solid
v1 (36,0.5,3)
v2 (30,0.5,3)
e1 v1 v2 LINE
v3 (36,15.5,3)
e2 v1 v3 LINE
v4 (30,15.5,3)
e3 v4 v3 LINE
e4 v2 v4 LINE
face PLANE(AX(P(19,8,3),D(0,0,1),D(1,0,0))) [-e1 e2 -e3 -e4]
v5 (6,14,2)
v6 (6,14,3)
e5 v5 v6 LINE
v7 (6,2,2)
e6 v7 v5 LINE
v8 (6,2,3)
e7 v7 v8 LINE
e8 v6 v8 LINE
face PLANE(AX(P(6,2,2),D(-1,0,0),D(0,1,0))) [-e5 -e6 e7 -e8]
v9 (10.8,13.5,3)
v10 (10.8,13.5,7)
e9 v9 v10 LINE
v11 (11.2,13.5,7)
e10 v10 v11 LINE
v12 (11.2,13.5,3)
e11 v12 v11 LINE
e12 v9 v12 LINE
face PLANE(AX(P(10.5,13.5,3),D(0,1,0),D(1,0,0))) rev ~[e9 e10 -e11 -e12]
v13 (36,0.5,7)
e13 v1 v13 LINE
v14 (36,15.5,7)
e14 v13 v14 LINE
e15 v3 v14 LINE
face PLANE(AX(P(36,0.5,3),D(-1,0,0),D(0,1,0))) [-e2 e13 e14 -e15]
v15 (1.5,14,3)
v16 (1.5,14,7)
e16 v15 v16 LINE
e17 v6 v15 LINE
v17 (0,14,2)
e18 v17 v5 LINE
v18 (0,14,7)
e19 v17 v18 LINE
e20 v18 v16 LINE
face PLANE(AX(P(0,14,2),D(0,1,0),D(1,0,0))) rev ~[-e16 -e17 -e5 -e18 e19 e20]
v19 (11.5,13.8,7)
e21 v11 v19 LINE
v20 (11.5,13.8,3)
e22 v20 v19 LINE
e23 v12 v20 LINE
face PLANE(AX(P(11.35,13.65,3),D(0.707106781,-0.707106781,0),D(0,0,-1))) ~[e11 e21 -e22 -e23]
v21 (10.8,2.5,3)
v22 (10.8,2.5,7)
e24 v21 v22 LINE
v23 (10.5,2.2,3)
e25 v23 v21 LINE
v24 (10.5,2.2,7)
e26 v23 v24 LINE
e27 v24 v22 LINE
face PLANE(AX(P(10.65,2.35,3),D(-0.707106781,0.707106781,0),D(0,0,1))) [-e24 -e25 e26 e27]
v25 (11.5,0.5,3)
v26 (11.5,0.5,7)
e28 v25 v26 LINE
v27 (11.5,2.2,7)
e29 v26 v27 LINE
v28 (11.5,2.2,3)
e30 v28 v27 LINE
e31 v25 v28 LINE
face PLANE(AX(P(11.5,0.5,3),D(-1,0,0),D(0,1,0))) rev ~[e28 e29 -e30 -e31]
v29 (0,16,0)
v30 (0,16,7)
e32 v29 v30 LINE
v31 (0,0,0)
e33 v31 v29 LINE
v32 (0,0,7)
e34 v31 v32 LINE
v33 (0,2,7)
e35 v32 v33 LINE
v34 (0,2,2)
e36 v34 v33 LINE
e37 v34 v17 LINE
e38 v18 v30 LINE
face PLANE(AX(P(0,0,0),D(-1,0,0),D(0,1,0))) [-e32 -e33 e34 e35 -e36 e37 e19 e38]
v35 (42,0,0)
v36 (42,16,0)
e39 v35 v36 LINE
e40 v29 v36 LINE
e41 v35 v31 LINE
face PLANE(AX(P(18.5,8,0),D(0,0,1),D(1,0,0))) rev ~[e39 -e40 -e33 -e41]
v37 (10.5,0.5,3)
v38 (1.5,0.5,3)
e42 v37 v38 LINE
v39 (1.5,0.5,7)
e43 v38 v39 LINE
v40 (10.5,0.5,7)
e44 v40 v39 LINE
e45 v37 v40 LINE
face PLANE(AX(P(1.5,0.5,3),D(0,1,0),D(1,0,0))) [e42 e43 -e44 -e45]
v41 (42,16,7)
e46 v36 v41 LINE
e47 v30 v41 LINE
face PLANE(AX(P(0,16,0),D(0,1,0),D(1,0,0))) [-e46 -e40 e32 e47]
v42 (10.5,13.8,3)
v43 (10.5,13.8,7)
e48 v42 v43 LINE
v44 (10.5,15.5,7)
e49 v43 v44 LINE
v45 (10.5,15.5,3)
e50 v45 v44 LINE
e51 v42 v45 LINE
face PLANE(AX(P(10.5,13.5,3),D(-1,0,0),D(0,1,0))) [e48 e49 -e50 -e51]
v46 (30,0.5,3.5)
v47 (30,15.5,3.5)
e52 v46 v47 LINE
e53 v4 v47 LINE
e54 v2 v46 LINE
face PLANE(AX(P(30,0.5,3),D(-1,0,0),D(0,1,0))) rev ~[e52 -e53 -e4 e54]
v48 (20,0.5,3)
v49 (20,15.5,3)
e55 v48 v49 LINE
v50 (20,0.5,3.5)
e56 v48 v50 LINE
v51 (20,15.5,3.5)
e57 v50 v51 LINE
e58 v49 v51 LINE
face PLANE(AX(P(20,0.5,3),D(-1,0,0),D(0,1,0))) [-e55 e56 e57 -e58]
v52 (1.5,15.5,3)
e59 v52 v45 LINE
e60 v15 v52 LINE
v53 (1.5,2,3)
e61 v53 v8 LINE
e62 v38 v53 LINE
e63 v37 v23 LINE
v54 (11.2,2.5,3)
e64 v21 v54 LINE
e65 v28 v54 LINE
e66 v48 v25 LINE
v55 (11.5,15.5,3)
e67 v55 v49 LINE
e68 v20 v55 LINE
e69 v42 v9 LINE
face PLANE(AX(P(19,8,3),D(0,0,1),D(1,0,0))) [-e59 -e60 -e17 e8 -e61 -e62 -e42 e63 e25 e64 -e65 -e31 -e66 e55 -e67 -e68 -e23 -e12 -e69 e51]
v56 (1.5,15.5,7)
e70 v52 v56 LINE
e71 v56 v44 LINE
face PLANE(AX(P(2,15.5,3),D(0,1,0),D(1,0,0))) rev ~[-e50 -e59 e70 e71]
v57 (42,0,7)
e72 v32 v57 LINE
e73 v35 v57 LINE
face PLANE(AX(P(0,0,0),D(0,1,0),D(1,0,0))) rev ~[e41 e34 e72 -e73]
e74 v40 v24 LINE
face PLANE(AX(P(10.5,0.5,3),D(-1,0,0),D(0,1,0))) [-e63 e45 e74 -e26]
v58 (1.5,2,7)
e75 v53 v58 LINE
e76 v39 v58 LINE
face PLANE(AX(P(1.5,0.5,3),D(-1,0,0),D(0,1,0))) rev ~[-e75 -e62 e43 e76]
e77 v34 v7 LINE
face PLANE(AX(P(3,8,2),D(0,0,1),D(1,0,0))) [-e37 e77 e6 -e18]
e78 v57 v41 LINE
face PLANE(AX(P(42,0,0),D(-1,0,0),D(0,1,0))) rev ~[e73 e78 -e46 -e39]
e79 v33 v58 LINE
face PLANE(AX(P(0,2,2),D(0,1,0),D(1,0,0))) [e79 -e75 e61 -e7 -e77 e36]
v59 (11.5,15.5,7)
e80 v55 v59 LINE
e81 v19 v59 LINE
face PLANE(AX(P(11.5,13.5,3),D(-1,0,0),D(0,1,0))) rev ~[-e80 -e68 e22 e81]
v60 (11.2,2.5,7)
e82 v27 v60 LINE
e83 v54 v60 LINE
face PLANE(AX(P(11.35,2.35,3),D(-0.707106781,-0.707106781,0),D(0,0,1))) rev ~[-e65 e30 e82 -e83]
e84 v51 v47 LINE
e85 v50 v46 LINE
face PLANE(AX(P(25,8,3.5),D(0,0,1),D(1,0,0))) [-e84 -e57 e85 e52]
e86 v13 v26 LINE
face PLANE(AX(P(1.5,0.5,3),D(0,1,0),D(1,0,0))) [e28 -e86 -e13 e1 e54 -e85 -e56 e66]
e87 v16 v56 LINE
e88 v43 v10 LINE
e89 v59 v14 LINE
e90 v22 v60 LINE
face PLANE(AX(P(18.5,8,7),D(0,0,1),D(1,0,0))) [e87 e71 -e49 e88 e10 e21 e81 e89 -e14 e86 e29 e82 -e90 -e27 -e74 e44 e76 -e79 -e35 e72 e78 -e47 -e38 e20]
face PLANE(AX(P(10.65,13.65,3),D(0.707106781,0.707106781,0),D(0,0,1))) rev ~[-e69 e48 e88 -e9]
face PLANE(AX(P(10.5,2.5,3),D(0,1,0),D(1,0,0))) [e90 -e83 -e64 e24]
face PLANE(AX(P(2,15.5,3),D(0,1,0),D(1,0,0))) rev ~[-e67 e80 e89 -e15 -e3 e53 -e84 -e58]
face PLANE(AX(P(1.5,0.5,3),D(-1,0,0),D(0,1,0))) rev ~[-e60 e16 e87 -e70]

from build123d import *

# Parameters (mm, degrees)
BOX003_W        = 1
BOX003_H        = 2
BOX003_DEPTH    = 4
CHAMFER001_SIZE = 0.3
BOX004_W        = 1
BOX004_H        = 2
BOX004_DEPTH    = 4
CHAMFER_SIZE    = 0.3
BOX005_W        = 10
BOX005_H        = 15
BOX005_DEPTH    = 0.5
BOX006_W        = 0.5
BOX006_H        = 15
BOX006_DEPTH    = 4
BOX001_W        = 6
BOX001_H        = 12
BOX001_DEPTH    = 5
BOX002_W        = 34
BOX002_H        = 15
BOX002_DEPTH    = 4
BOX_W           = 37
BOX_H           = 16
BOX_DEPTH       = 7
BOX008_W        = 5
BOX008_H        = 16
BOX008_DEPTH    = 7


with BuildPart() as chamfer001:
    # Box003 → Box003 (new body)
    with BuildSketch(Plane(origin=(10.5, 0.5, 3), x_dir=(1, 0, 0), z_dir=(0, 0, 1))):
        with Locations((0.5, 1)):
            Rectangle(BOX003_W, BOX003_H)
    extrude(amount=BOX003_DEPTH)

    # Chamfer001
    chamfer001_edges = [chamfer001.edges().sort_by_distance(p)[0] for p in [
        (10.5, 2.5, 5),
        (11.5, 2.5, 5),
    ]]
    chamfer(chamfer001_edges, length=CHAMFER001_SIZE)


with BuildPart() as chamfer_body:
    # Box004 → Box004 (new body)
    with BuildSketch(Plane(origin=(10.5, 13.5, 3), x_dir=(1, 0, 0), z_dir=(0, 0, 1))):
        with Locations((0.5, 1)):
            Rectangle(BOX004_W, BOX004_H)
    extrude(amount=BOX004_DEPTH)

    # Chamfer
    chamfer_edges = [chamfer_body.edges().sort_by_distance(p)[0] for p in [
        (10.5, 13.5, 5),
        (11.5, 13.5, 5),
    ]]
    chamfer(chamfer_edges, length=CHAMFER_SIZE)


with BuildPart() as cube005:
    # Box005 → Box005 (new body)
    with BuildSketch(Plane(origin=(20, 0.5, 3), x_dir=(1, 0, 0), z_dir=(0, 0, 1))):
        with Locations((5, 7.5)):
            Rectangle(BOX005_W, BOX005_H)
    extrude(amount=BOX005_DEPTH)


with BuildPart() as cube006:
    # Box006 → Box006 (new body)
    with BuildSketch(Plane(origin=(1.5, 0.5, 3), x_dir=(1, 0, 0), z_dir=(0, 0, 1))):
        with Locations((0.25, 7.5)):
            Rectangle(BOX006_W, BOX006_H)
    extrude(amount=BOX006_DEPTH)


with BuildPart() as cube001:
    # Box001 → Box001 (new body)
    with BuildSketch(Plane(origin=(0, 2, 2), x_dir=(1, 0, 0), z_dir=(0, 0, 1))):
        with Locations((3, 6)):
            Rectangle(BOX001_W, BOX001_H)
    extrude(amount=BOX001_DEPTH)


with BuildPart() as cube002:
    # Box002 → Box002 (new body)
    with BuildSketch(Plane(origin=(2, 0.5, 3), x_dir=(1, 0, 0), z_dir=(0, 0, 1))):
        with Locations((17, 7.5)):
            Rectangle(BOX002_W, BOX002_H)
    extrude(amount=BOX002_DEPTH)


with BuildPart() as fusion:
    # Box → Box (new body)
    with BuildSketch(Plane.XY):
        with Locations((18.5, 8)):
            Rectangle(BOX_W, BOX_H)
    extrude(amount=BOX_DEPTH)

    # Cut: cut Cube002
    add(cube002.part, mode=Mode.SUBTRACT)

    # Cut001: cut Cube001
    add(cube001.part, mode=Mode.SUBTRACT)

    # Cut002: cut Cube006
    add(cube006.part, mode=Mode.SUBTRACT)

    # Fusion: union Chamfer001, Chamfer body, Cube005
    add(chamfer001.part)
    add(chamfer_body.part)
    add(cube005.part)


with BuildPart() as inner:
    # Box008 → Box008 (new body)
    with BuildSketch(Plane(origin=(37, 0, 0), x_dir=(1, 0, 0), z_dir=(0, 0, 1))):
        with Locations((2.5, 8)):
            Rectangle(BOX008_W, BOX008_H)
    extrude(amount=BOX008_DEPTH)

    # Fusion001: union Fusion
    add(fusion.part)


solid = inner.part
